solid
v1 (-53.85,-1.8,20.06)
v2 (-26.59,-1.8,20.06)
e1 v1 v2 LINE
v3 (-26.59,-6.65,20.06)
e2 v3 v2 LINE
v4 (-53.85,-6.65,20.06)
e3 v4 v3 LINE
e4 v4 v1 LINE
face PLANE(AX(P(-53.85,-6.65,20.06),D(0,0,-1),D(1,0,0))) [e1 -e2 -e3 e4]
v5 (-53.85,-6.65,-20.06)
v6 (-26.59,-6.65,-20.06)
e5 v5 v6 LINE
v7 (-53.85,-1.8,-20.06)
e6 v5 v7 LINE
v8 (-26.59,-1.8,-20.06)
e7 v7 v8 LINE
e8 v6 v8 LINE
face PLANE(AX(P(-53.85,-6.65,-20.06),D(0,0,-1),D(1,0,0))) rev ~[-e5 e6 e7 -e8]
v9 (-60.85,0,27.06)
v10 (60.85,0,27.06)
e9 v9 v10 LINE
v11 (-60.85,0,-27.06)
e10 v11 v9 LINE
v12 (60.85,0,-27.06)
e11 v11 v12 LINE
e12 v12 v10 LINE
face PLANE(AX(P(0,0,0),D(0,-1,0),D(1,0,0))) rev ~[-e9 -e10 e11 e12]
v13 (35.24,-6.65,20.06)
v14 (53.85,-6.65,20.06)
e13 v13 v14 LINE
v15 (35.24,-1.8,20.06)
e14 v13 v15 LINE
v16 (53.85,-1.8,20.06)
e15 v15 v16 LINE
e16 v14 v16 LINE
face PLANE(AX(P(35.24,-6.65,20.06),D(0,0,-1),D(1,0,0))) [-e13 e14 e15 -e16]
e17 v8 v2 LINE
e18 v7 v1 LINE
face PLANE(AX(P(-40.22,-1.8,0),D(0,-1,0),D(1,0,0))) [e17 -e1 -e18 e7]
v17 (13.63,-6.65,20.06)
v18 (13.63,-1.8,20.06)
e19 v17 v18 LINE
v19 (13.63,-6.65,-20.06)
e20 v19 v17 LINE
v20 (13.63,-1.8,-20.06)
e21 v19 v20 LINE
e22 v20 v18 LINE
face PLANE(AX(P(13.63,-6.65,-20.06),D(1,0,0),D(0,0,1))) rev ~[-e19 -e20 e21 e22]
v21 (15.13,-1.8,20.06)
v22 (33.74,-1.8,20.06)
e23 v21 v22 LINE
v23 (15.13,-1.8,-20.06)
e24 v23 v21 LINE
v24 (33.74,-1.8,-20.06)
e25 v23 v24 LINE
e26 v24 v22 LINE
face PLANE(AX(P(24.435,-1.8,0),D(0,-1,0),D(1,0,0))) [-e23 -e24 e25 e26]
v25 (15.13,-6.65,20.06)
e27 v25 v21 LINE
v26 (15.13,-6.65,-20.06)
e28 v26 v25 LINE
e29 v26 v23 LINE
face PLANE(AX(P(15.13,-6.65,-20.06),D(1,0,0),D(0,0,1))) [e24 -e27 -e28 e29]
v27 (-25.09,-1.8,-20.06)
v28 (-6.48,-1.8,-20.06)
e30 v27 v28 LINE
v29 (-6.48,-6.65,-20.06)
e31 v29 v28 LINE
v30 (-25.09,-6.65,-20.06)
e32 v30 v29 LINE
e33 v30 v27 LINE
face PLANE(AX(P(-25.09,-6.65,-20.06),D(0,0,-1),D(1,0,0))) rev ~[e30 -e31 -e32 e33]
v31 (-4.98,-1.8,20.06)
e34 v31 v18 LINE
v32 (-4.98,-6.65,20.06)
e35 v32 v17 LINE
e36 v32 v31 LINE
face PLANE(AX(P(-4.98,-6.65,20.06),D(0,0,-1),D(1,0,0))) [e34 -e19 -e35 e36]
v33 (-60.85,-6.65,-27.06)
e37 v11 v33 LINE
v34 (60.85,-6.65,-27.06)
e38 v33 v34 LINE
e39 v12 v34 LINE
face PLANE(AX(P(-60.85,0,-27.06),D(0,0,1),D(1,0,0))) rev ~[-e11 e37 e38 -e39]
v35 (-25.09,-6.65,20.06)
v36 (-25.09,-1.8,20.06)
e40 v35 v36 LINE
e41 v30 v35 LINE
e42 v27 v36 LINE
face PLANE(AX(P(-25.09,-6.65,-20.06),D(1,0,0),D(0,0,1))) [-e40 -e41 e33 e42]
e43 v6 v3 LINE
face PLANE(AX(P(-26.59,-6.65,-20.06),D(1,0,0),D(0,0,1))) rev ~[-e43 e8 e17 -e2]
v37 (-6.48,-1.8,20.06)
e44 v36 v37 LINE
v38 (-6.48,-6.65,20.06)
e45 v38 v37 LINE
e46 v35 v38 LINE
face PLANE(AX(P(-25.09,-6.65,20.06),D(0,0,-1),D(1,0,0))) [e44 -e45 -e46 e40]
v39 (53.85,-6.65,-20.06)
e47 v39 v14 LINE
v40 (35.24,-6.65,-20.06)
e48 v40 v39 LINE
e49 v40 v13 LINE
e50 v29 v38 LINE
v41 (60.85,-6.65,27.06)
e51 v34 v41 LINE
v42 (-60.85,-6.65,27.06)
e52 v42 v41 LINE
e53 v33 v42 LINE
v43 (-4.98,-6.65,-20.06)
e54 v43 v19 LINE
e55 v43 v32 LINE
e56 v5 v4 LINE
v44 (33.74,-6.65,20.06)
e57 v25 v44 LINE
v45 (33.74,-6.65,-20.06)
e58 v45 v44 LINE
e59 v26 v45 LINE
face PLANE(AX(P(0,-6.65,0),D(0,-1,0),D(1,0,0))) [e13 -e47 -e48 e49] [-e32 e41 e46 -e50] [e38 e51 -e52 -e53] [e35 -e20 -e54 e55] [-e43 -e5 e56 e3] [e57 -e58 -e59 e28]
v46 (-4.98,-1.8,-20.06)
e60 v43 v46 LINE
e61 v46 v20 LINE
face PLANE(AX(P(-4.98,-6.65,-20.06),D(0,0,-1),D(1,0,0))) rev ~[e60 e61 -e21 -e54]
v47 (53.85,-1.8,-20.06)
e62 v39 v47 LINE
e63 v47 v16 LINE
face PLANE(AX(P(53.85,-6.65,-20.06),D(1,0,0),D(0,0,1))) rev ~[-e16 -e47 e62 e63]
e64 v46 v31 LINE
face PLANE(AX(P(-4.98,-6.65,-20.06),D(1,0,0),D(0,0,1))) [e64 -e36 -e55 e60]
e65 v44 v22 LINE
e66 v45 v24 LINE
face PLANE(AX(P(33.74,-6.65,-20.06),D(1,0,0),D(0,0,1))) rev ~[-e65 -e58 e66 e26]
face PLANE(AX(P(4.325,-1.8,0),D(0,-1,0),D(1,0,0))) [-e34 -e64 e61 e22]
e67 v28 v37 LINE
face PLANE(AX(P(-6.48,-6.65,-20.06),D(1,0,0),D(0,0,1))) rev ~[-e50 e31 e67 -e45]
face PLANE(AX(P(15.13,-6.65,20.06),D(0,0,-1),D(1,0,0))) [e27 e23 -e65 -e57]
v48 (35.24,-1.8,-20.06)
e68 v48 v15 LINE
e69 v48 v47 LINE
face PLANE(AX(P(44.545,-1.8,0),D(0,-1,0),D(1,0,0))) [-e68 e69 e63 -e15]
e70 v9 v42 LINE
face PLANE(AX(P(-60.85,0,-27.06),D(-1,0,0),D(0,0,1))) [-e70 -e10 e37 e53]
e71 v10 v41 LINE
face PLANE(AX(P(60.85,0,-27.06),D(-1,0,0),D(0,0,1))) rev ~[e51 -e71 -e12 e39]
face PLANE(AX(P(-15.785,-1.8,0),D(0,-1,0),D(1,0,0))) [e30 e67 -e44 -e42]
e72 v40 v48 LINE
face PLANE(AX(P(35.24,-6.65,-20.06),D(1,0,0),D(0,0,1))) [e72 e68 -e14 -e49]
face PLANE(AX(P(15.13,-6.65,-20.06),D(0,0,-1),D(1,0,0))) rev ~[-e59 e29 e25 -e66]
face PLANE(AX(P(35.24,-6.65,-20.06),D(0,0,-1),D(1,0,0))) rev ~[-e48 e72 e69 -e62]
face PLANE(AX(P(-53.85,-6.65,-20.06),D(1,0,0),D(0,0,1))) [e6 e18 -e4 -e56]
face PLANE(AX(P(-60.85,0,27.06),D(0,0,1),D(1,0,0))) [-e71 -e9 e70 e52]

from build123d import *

# Parameters (mm, degrees)
F0_W     = 121.7
F0_H     = 54.12
F1_DEPTH = 6.65
F2_W     = 27.26
F2_H     = 40.12
F2_W_2   = 18.61
F3_DEPTH = 4.85


with BuildPart() as f1:
    # F0 (on Front) → F1 (new body)
    with BuildSketch(Plane.XZ):
        Rectangle(F0_W, F0_H)
    extrude(amount=F1_DEPTH)

    # F2 (on face) → F3 (cut)
    with BuildSketch(Plane.XZ.offset(6.65)):
        with Locations((-40.22, 0)):
            Rectangle(F2_W, F2_H)
        with Locations((-15.785, 0)):
            Rectangle(F2_W_2, F2_H)
        with Locations((4.325, 0)):
            Rectangle(F2_W_2, F2_H)
        with Locations((24.435, 0)):
            Rectangle(F2_W_2, F2_H)
        with Locations((44.545, 0)):
            Rectangle(F2_W_2, F2_H)
    extrude(amount=-F3_DEPTH, mode=Mode.SUBTRACT)


solid = f1.part
